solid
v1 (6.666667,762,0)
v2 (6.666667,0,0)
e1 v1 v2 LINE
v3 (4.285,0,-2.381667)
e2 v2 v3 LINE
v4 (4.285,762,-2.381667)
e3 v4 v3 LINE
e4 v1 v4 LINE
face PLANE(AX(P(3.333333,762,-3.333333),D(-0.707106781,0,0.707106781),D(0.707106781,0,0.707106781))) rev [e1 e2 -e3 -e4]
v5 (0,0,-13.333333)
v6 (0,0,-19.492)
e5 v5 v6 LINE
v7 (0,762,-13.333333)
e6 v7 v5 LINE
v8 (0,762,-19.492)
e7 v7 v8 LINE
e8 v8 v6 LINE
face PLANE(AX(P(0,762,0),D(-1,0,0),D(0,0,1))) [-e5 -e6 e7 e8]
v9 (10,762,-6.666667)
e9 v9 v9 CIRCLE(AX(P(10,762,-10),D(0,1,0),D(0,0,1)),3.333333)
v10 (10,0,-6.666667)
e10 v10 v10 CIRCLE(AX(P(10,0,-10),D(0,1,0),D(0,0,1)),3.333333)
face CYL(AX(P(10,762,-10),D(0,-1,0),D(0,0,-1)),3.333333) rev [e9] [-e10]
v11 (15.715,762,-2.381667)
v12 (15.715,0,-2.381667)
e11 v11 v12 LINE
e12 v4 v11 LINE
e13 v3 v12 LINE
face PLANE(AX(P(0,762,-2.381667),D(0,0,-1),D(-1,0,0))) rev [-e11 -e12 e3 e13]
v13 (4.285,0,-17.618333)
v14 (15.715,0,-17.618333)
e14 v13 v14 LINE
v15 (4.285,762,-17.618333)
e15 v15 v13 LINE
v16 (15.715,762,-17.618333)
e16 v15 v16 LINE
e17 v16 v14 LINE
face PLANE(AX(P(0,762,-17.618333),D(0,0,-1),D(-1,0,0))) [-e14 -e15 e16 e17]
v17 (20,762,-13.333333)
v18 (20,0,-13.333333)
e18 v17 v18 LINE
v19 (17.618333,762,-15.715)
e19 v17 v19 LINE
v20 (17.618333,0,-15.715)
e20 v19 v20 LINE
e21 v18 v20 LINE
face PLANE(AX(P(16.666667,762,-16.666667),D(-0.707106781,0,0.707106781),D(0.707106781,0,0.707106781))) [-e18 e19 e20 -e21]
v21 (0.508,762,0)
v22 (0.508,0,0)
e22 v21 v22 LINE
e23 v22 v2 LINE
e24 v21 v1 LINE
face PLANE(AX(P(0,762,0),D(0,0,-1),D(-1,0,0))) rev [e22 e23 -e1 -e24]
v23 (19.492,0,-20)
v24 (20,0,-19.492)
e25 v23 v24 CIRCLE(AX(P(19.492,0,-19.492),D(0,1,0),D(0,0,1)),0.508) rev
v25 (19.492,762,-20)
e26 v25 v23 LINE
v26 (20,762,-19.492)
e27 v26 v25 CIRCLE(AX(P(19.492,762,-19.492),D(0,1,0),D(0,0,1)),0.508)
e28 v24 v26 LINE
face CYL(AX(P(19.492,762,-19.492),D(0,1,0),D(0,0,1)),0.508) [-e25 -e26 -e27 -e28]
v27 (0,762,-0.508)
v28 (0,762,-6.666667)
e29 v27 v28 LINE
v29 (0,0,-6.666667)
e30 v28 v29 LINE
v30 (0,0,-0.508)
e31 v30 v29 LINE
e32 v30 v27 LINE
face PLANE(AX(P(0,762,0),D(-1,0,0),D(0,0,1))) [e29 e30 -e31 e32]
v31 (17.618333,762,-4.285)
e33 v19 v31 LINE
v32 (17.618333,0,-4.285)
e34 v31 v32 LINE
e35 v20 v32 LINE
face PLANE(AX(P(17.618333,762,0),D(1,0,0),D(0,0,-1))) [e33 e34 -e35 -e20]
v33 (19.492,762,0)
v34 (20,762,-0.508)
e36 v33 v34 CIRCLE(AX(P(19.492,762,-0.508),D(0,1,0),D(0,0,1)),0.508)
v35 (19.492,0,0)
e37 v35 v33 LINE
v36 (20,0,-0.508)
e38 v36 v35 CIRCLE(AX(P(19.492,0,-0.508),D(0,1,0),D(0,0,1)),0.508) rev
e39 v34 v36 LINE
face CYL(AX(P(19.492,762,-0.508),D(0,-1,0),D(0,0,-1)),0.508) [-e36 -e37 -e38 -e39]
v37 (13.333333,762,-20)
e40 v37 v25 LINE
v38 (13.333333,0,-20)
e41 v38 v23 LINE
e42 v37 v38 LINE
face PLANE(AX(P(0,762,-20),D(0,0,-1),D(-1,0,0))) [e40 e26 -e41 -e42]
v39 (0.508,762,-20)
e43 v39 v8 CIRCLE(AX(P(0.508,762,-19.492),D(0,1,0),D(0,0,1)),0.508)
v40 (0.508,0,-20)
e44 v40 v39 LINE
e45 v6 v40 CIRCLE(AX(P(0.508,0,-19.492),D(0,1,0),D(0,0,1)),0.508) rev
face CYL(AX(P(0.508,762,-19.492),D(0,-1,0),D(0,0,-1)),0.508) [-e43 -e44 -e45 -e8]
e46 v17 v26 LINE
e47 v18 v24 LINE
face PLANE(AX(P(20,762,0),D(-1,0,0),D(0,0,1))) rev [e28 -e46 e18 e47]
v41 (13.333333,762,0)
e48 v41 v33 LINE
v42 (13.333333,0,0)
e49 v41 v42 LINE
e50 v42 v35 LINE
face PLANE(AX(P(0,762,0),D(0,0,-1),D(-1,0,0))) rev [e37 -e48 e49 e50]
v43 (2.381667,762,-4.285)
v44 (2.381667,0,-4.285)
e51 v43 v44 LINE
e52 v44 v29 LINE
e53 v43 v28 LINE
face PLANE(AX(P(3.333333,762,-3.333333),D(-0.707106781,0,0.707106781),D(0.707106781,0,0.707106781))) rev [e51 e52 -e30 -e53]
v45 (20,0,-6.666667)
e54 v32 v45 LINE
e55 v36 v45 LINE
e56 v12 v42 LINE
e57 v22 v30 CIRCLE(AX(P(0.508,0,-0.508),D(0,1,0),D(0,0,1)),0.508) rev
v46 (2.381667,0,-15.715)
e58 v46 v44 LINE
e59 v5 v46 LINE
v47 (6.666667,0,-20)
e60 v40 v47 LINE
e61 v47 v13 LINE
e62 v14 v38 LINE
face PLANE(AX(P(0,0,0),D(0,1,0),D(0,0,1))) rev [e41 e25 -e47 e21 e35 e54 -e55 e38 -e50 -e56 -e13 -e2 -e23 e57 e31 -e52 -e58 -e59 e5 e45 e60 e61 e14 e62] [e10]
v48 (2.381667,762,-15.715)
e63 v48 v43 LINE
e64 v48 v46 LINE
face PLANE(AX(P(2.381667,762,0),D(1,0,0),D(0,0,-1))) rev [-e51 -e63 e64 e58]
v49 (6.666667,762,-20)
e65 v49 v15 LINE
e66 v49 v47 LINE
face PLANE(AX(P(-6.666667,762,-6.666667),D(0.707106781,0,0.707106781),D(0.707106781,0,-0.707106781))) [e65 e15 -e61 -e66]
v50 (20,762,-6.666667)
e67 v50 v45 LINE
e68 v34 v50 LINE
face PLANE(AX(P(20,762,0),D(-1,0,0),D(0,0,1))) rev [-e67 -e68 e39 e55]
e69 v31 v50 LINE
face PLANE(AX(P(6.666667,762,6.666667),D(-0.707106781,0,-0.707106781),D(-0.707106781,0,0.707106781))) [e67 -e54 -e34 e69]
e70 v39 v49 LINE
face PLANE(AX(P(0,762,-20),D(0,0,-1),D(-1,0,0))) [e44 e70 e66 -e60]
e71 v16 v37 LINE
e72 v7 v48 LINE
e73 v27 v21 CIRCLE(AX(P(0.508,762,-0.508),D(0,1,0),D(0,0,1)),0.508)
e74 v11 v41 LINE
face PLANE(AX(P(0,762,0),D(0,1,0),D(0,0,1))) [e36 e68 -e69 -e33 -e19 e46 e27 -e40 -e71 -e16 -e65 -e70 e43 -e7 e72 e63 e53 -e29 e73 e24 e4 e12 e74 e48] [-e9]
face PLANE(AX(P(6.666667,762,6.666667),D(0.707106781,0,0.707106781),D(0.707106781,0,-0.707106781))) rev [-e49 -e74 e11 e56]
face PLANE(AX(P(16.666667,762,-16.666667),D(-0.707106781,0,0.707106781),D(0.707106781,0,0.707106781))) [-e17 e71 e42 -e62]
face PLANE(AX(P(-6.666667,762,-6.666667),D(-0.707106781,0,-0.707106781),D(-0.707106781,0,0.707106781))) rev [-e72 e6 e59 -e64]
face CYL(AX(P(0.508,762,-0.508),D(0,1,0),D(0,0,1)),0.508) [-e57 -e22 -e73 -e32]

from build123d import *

# Parameters (mm, degrees)
SKETCH1_R           = 3.333333333
BOSS_EXTRUDE1_DEPTH = 762
FILLET4_R           = 0.508


with BuildPart() as part:
    # Sketch1 → Boss-Extrude1 (new body)
    with BuildSketch(Plane(origin=(0, 0, 0), x_dir=(1, 0, 0), z_dir=(0, 1, 0))):
        Polygon((4.285, 17.618333333), (6.666666667, 20), (0, 20), (0, 13.333333333), (2.381666667, 15.715), (2.381666667, 4.285), (0, 6.666666667), (0, 0), (6.666666667, 0), (4.285, 2.381666667), (15.715, 2.381666667), (13.333333333, 0), (20, 0), (20, 6.666666667), (17.618333333, 4.285), (17.618333333, 15.715), (20, 13.333333333), (20, 20), (13.333333333, 20), (15.715, 17.618333333), align=None)
        with Locations((10, 10)):
            Circle(SKETCH1_R, mode=Mode.SUBTRACT)
    extrude(amount=BOSS_EXTRUDE1_DEPTH)

    # Fillet4
    fillet4_edges = [part.edges().sort_by_distance(p)[0] for p in [
        (20, 381, 0),
        (0, 381, 0),
        (0, 381, -20),
        (20, 381, -20),
    ]]
    fillet(fillet4_edges, radius=FILLET4_R)


solid = part.part
